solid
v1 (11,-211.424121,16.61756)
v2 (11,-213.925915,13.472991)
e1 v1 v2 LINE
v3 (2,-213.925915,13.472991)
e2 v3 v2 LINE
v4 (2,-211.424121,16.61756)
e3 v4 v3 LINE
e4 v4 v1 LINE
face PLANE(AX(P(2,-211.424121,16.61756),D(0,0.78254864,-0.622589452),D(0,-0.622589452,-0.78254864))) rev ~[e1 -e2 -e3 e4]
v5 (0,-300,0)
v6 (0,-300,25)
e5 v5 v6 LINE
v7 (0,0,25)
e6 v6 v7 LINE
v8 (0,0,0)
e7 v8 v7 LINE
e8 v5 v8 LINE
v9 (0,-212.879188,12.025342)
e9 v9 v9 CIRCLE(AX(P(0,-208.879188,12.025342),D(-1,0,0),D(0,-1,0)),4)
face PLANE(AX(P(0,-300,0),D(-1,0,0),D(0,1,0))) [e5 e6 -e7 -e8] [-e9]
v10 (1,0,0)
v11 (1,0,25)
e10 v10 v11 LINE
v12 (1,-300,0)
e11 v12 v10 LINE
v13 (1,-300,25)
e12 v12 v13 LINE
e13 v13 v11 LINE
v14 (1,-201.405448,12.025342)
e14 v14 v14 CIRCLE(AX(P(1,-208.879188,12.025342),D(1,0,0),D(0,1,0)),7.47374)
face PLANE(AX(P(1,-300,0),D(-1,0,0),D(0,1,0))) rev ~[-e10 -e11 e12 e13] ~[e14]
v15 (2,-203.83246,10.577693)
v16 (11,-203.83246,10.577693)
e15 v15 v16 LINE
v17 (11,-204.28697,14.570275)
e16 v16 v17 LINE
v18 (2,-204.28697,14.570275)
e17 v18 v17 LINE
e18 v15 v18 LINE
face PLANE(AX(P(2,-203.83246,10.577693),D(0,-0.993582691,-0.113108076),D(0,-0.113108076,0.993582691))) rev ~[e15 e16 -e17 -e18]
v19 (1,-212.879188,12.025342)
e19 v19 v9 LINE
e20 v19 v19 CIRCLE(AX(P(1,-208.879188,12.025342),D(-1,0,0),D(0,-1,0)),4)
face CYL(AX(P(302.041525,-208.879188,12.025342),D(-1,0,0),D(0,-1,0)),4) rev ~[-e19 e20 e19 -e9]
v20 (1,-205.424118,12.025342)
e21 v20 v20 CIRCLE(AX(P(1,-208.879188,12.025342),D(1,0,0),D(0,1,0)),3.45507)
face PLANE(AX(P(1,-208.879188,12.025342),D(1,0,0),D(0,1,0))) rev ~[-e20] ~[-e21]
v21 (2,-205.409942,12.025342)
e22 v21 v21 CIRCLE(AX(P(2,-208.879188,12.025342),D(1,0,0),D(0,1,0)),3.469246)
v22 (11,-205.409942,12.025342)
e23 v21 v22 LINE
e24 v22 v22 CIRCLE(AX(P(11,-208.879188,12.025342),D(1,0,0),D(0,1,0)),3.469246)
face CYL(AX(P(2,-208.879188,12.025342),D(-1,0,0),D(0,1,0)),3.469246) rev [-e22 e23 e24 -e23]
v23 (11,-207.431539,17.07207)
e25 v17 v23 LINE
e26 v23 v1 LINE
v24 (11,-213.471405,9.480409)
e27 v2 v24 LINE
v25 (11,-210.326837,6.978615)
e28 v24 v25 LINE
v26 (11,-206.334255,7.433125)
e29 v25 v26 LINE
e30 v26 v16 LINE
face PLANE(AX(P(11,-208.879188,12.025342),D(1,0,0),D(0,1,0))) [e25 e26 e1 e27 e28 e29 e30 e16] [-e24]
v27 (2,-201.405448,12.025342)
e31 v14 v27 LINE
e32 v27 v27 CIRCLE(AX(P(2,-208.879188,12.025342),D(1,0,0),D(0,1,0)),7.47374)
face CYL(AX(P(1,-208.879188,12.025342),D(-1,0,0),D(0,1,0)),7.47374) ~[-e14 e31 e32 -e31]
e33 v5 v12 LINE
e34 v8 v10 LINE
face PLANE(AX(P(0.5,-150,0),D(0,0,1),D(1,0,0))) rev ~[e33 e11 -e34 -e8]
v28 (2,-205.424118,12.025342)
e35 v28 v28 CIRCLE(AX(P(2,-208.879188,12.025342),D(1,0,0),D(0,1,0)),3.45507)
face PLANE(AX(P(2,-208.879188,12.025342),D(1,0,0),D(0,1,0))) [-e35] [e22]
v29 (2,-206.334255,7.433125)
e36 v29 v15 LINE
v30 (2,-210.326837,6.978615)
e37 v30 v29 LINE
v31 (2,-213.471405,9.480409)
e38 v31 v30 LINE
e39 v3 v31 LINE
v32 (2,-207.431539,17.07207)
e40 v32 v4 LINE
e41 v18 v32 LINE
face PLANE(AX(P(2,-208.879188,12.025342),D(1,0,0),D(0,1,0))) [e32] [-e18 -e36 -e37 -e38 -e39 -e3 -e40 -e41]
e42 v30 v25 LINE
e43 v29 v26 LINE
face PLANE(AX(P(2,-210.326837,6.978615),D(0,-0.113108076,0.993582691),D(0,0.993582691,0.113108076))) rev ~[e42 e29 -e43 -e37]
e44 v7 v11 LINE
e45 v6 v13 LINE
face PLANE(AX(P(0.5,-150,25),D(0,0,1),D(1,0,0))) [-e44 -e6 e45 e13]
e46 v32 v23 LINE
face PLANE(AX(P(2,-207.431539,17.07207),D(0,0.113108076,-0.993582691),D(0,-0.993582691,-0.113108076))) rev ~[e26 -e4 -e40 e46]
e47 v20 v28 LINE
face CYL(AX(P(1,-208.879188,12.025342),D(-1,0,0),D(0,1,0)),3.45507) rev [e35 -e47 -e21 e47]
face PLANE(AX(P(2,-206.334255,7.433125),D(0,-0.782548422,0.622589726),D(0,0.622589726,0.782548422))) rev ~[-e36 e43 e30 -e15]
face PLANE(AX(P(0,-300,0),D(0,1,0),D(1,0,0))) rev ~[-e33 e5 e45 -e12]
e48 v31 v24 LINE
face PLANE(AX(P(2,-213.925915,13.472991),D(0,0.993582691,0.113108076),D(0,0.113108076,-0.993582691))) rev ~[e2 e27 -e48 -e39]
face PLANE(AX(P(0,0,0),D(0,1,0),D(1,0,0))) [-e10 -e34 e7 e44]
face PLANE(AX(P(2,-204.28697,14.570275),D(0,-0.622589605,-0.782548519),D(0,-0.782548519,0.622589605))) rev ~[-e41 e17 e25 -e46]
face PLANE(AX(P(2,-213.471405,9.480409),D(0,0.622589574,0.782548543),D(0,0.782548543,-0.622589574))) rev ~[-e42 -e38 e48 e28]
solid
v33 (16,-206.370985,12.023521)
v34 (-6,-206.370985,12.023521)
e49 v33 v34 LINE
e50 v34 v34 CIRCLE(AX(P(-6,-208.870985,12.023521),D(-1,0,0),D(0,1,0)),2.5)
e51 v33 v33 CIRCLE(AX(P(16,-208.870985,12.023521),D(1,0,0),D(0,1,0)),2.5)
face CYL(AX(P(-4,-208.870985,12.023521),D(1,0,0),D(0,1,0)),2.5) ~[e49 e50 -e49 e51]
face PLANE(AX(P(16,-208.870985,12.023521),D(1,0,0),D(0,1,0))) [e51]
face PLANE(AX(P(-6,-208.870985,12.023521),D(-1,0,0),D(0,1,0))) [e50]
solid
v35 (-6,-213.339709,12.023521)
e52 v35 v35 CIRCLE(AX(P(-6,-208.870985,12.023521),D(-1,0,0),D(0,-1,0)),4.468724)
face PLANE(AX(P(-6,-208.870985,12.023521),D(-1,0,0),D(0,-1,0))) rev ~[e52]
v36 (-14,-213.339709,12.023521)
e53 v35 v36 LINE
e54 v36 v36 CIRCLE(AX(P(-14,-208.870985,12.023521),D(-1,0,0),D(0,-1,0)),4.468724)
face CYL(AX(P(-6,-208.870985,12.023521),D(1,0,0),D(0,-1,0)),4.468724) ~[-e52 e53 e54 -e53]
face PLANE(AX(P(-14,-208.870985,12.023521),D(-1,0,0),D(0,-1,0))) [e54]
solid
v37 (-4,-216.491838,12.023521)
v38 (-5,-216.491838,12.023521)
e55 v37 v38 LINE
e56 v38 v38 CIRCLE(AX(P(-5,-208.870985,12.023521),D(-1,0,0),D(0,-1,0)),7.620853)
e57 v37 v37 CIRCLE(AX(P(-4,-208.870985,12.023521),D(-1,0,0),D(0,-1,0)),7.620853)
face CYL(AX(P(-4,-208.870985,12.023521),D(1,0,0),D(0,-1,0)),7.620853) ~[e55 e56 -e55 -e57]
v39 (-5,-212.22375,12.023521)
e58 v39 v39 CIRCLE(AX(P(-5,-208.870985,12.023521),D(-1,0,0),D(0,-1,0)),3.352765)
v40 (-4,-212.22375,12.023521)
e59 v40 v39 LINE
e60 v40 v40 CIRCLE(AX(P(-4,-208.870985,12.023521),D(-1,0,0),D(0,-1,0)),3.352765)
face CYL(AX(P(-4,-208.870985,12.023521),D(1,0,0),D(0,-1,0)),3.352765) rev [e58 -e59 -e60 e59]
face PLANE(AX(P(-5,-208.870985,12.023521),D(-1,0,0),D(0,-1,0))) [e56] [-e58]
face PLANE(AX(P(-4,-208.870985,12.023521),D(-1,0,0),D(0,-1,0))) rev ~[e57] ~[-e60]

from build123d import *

# Parameters (mm, degrees)
F0_W      = 1
F0_H      = 300
F1_DEPTH  = 25
F3_D      = 8
F4_R      = 2.5
F5_DEPTH  = 15
F5_FACE_R = 2.5
F6_DEPTH  = 5
F7_R      = 7.620853
F7_R_2    = 3.352765
F8_DEPTH  = 1
F6_FACE_R = 2.5
F9_DEPTH  = 2
F10_R     = 4.468724
F11_DEPTH = 8
F12_R     = 7.47374
F12_R_2   = 3.45507
F13_DEPTH = 1
F14_R     = 3.469246
F15_DEPTH = 9


with BuildPart() as f1:
    # F0 (on Top) → F1 (new body)
    with BuildSketch(Plane.XY):
        with Locations((0.5, -150)):
            Rectangle(F0_W, F0_H)
    extrude(amount=F1_DEPTH)

    # F3 (through all)
    with Locations(Plane.YZ.offset(1)):
        with Locations((-208.879188, 12.025342)):
            Hole(F3_D / 2)

    # F12 (on face) → F13 (join)
    with BuildSketch(Plane.YZ.offset(1)):
        with Locations((-208.879188, 12.025342)):
            Circle(F12_R)
        with Locations((-208.879188, 12.025342)):
            Circle(F12_R_2, mode=Mode.SUBTRACT)
    extrude(amount=F13_DEPTH)

    # F14 (on face) → F15 (join)
    with BuildSketch(Plane.YZ.offset(2)):
        Polygon((-204.28697, 14.570275), (-207.431539, 17.07207), (-211.424121, 16.61756), (-213.925915, 13.472991), (-213.471405, 9.480409), (-210.326837, 6.978615), (-206.334255, 7.433125), (-203.83246, 10.577693), align=None)
        with Locations((-208.879188, 12.025342)):
            Circle(F14_R, mode=Mode.SUBTRACT)
    extrude(amount=F15_DEPTH)


with BuildPart() as f5:
    # F4 (on face) → F5 (new body)
    with BuildSketch(Plane.YZ.offset(1)):
        with Locations((-208.870985, 12.023521)):
            Circle(F4_R)
    extrude(amount=F5_DEPTH)

    # F5_face (on face) → F6 (join)
    with BuildSketch(Plane(origin=(1, -208.870985, 12.023521), x_dir=(0, 1, 0), z_dir=(-1, 0, 0))):
        Circle(F5_FACE_R)
    extrude(amount=F6_DEPTH)

    # F6_face (on face) → F9 (join)
    with BuildSketch(Plane(origin=(-4, -208.870985, 12.023521), x_dir=(0, 1, 0), z_dir=(-1, 0, 0))):
        Circle(F6_FACE_R)
    extrude(amount=F9_DEPTH)


with BuildPart() as f8:
    # F7 (on face) → F8 (new body)
    with BuildSketch(Plane(origin=(-4, 0, 0), x_dir=(0, -1, 0), z_dir=(-1, 0, 0))):
        with Locations((208.870985, 12.023521)):
            Circle(F7_R)
        with Locations((208.870985, 12.023521)):
            Circle(F7_R_2, mode=Mode.SUBTRACT)
    extrude(amount=F8_DEPTH)


with BuildPart() as f11:
    # F10 (on face) → F11 (new body)
    with BuildSketch(Plane(origin=(-6, 0, 0), x_dir=(0, -1, 0), z_dir=(-1, 0, 0))):
        with Locations((208.870985, 12.023521)):
            Circle(F10_R)
    extrude(amount=F11_DEPTH)


solid = Compound([f1.part, f5.part, f8.part, f11.part])
